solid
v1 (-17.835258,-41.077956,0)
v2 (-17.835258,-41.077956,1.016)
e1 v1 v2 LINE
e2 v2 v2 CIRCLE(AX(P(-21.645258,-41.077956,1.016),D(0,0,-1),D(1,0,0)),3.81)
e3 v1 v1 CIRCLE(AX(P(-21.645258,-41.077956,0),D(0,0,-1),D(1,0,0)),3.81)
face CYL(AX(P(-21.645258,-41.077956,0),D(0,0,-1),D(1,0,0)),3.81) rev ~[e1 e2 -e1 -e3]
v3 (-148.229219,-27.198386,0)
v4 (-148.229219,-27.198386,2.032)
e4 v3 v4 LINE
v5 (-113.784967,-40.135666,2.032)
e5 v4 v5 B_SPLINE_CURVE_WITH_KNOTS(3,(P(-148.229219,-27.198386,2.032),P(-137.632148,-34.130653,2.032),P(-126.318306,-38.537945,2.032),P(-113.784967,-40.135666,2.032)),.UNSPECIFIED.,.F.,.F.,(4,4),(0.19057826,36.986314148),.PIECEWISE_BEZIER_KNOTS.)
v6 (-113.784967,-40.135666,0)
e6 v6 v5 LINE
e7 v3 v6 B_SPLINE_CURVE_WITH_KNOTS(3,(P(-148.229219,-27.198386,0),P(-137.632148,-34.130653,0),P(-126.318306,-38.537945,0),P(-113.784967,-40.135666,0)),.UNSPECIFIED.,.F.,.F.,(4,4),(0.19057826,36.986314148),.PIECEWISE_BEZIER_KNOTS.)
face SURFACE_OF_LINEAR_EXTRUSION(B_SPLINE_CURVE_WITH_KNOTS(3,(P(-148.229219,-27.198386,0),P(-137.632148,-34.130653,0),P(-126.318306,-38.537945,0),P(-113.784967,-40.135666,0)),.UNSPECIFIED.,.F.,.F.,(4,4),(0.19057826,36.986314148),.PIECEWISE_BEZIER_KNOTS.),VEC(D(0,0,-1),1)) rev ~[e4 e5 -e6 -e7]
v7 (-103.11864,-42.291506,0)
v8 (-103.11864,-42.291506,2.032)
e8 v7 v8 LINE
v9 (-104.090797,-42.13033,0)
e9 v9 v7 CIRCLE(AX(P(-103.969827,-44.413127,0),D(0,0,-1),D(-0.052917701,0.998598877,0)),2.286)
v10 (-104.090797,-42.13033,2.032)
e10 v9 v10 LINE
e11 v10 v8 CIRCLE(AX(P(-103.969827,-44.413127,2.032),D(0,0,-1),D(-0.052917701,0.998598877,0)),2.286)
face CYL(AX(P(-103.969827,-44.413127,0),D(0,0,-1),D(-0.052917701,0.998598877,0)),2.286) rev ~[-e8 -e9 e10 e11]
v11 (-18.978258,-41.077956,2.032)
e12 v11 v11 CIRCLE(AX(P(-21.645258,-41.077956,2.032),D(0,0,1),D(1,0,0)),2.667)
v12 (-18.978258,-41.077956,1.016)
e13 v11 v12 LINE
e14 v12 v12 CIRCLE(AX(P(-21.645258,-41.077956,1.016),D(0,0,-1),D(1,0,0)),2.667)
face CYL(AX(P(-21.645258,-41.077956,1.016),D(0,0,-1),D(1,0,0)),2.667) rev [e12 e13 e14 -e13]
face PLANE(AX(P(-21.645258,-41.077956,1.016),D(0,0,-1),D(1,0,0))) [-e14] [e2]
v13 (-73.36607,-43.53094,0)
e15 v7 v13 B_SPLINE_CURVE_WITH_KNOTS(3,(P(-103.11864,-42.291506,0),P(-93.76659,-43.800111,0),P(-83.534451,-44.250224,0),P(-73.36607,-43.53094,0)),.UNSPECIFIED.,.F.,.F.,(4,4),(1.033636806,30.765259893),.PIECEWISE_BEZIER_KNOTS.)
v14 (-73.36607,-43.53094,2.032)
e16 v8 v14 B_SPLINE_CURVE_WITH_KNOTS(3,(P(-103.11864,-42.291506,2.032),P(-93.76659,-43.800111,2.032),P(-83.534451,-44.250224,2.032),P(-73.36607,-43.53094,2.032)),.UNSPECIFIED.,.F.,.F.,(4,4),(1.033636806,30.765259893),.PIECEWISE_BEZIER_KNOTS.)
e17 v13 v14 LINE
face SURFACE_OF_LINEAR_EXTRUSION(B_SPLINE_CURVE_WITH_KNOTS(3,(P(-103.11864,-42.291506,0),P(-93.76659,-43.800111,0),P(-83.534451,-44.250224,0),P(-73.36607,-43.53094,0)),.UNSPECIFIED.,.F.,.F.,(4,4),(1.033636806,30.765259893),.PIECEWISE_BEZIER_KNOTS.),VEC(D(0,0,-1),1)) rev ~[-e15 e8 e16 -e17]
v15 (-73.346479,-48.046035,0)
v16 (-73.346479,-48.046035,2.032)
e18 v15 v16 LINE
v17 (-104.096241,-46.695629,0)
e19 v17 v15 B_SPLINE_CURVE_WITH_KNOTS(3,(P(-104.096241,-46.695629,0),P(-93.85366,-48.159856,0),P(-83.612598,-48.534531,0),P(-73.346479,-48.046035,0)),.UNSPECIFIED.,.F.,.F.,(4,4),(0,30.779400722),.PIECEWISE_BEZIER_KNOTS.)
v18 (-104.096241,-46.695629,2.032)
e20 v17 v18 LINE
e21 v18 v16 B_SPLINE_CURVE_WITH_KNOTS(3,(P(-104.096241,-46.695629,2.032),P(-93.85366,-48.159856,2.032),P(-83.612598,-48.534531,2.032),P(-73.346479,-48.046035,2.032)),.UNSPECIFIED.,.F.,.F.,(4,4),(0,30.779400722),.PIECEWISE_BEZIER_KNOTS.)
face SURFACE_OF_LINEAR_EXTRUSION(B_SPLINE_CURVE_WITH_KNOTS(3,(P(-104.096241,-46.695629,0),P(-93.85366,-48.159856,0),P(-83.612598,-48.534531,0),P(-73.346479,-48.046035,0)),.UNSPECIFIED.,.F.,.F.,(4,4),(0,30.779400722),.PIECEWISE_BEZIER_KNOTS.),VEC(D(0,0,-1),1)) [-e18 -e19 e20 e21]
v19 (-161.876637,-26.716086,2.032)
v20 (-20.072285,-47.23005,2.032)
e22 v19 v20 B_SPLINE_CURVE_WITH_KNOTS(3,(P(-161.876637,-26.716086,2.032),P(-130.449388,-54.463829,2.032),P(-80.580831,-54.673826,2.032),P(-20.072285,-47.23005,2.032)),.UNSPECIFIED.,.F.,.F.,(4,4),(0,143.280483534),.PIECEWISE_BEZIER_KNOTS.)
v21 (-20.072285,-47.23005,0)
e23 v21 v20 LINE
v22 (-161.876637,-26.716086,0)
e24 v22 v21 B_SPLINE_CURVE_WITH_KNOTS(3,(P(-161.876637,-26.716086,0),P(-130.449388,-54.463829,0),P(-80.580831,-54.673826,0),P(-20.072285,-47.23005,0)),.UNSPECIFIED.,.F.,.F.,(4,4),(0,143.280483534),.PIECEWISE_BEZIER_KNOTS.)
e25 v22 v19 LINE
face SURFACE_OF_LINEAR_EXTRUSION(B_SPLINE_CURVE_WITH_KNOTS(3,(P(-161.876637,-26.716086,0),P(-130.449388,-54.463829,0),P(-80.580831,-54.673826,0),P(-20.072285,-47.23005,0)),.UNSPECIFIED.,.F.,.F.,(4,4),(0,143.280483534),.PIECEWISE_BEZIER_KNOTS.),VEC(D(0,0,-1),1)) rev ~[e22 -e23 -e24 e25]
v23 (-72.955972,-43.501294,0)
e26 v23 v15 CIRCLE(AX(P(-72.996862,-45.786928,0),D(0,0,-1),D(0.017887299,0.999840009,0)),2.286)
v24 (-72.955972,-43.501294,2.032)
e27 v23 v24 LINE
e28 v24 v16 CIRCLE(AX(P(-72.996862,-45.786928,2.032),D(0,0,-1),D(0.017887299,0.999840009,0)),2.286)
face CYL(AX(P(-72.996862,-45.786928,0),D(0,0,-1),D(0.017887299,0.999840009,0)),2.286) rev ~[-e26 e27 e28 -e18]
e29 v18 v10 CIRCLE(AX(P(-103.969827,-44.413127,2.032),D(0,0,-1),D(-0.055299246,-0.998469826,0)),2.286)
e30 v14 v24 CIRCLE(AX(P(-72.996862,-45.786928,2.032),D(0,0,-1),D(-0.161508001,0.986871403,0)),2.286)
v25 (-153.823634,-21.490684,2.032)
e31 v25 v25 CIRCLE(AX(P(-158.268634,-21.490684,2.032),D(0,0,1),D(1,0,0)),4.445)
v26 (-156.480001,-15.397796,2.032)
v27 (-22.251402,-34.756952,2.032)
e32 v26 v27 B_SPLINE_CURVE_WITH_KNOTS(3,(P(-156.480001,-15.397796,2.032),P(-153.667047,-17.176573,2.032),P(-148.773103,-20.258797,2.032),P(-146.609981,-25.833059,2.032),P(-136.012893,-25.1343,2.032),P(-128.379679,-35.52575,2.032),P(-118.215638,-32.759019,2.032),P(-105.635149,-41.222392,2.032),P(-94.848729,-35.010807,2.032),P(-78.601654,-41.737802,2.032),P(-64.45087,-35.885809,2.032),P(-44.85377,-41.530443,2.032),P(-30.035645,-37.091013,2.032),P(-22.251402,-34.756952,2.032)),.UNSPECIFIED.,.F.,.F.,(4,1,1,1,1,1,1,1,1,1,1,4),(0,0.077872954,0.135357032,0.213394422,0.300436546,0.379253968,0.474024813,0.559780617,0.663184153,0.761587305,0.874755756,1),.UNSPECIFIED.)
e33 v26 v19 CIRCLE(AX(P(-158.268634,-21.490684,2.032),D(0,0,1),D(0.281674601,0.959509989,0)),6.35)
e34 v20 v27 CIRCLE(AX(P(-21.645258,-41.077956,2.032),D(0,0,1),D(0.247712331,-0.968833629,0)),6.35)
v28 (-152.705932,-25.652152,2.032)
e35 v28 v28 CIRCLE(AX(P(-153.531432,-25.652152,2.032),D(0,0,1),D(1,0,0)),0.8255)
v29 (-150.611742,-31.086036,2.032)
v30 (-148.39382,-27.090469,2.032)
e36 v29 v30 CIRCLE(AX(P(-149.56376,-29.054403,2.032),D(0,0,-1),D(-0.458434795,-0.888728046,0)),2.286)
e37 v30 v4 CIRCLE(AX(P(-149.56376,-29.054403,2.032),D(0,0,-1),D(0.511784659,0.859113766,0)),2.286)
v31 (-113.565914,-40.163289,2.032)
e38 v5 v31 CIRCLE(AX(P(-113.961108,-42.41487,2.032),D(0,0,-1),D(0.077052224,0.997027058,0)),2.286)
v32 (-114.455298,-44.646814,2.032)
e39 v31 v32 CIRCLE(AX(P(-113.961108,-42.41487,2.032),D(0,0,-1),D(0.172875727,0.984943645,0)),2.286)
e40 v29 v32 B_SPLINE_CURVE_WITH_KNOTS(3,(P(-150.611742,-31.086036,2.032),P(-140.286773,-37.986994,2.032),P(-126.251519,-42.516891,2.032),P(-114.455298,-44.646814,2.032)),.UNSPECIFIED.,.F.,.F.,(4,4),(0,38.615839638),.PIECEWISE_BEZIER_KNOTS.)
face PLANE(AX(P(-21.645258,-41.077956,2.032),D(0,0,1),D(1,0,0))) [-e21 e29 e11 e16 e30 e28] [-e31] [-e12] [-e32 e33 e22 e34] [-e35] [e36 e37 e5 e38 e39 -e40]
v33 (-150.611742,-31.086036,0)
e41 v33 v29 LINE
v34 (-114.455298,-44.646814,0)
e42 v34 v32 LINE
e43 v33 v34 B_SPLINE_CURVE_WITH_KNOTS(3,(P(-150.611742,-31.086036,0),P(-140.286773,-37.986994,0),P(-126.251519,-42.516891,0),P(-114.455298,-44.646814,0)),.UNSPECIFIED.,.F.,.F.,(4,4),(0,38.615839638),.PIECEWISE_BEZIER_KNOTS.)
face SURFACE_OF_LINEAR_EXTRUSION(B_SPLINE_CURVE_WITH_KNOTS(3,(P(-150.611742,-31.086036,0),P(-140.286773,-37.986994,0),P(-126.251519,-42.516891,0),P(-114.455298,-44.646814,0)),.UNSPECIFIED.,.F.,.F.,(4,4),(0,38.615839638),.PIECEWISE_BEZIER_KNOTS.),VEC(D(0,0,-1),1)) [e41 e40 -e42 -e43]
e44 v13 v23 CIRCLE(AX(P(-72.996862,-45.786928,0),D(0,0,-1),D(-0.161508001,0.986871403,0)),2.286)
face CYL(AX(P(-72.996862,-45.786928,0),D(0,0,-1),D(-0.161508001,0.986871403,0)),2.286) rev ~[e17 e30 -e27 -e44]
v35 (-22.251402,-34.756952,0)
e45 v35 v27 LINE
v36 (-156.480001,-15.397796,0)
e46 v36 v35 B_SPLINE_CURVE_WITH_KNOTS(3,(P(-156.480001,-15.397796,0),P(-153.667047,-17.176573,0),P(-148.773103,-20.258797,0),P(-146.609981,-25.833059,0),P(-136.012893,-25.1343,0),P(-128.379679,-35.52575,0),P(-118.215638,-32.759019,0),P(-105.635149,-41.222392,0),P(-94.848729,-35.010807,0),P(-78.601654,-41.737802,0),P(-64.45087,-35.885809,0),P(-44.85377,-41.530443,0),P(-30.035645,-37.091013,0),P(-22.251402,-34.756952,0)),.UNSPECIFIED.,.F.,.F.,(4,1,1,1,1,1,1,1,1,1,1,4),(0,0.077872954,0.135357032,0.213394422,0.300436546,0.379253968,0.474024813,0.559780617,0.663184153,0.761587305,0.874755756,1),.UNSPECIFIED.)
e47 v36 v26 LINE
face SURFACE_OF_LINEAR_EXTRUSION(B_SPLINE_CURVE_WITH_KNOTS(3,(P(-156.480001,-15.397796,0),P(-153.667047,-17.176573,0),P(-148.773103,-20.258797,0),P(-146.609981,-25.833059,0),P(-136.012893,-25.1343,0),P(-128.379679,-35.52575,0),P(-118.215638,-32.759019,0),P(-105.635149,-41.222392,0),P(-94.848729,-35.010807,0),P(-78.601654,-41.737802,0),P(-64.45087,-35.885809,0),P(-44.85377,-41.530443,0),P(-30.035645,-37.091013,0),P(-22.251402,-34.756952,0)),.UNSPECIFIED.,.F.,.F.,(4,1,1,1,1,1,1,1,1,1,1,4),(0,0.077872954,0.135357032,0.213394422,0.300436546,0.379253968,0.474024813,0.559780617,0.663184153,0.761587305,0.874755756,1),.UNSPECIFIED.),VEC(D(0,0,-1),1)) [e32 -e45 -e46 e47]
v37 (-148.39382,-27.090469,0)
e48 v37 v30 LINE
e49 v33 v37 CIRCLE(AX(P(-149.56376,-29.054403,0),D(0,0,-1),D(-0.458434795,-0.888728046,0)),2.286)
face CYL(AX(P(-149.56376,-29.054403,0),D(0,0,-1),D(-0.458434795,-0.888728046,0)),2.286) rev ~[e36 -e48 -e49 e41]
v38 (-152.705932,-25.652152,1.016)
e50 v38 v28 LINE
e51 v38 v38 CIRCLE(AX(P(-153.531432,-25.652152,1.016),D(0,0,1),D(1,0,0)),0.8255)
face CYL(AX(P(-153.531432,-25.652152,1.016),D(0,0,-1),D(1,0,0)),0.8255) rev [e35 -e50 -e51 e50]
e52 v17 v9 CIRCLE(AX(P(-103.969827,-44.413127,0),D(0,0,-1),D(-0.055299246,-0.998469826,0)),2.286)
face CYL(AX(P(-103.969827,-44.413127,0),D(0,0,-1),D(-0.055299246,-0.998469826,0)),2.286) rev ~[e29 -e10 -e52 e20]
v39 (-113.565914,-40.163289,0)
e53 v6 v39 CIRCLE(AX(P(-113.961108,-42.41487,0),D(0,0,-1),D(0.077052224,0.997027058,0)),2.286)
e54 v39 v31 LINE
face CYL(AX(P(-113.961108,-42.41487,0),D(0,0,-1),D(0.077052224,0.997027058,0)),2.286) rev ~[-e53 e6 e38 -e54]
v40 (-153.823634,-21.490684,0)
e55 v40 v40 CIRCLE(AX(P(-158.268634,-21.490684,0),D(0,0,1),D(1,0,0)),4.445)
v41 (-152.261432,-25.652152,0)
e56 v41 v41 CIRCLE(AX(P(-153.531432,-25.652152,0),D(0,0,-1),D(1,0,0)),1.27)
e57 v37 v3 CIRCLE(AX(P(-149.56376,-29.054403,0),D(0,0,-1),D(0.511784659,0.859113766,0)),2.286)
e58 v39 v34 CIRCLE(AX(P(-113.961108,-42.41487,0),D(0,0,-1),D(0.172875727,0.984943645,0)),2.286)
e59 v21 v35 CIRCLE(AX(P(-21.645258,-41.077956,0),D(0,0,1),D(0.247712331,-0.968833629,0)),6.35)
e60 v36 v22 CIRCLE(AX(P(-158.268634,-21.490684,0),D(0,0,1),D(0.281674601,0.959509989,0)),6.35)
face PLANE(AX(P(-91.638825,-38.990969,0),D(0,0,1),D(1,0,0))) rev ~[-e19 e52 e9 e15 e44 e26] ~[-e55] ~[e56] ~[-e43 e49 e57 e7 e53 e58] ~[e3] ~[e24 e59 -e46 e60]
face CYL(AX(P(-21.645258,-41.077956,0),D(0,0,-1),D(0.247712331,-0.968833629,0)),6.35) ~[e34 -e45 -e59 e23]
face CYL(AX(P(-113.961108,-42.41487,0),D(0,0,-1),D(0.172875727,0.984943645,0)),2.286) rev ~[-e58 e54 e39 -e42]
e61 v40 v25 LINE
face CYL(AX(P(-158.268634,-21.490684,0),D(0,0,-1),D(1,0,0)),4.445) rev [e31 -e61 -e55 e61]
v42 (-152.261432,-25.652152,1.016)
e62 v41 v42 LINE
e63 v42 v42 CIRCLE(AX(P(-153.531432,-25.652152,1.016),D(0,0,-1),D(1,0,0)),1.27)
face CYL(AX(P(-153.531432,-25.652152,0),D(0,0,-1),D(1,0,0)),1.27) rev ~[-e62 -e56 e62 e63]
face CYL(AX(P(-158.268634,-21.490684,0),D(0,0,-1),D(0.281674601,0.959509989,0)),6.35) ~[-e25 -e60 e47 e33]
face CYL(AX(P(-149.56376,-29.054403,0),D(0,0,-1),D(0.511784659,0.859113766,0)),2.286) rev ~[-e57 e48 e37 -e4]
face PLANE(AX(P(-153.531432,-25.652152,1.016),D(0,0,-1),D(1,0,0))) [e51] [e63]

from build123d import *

# Parameters (mm, degrees)
F0_R      = 2.667
F0_R_2    = 4.445
F1_DEPTH  = 2.032
F2_R      = 3.81
F2_R_2    = 2.667
F3_DEPTH  = 1.016
F4_R      = 0.8255
F5_DEPTH  = 25.4
F6_R      = 1.27
F6_R_2    = 0.8255
F7_DEPTH  = 1.016
F8_DEPTH  = 1.016
F9_R      = 1.27
F9_R_2    = 0.8255
F9_R_3    = 3.81
F9_R_4    = 2.667
F10_DEPTH = 1.016


with BuildPart() as f1:
    # F0 (on Top) → F1 (new body)
    with BuildSketch(Plane.XY):
        with BuildLine():
            add(Edge.make_bspline(
                [(-161.8766367465, -26.7160857284), (-130.4493884094, -54.4638294888), (-80.5808308072, -54.6738259655), (-20.0722847609, -47.2300497458)],
                knots=[0, 0, 0, 0, 143.280483534, 143.280483534, 143.280483534, 143.280483534], degree=3))
            ThreePointArc((-20.0722847609, -47.2300497458), (-15.390001915, -39.9851293612), (-22.2514018559, -34.7569523483))
            add(Edge.make_bspline(
                [(-156.4800007469, -15.3977959233), (-153.6670469943, -17.1765727386), (-148.7731033235, -20.2587965776), (-146.6099811998, -25.8330587175), (-136.0128934045, -25.1342998567), (-128.3796792681, -35.5257497726), (-118.2156379975, -32.7590187221), (-105.6351490845, -41.2223918449), (-94.8487286588, -35.010807072), (-78.6016535491, -41.7378023992), (-64.4508698612, -35.8858094626), (-44.8537704329, -41.5304431339), (-30.0356448791, -37.0910134537), (-22.2514018559, -34.7569523483)],
                knots=[0, 0, 0, 0, 0.0778729538, 0.1353570321, 0.2133944217, 0.300436546, 0.3792539685, 0.4740248133, 0.5597806174, 0.6631841528, 0.7615873053, 0.8747557561, 1, 1, 1, 1], degree=3))
            ThreePointArc((-156.4800007469, -15.3977959233), (-164.000427073, -18.7577274432), (-161.8766367465, -26.7160857284))
        make_face()
        with BuildLine():
            ThreePointArc((-148.393819837, -27.0904692349), (-148.310357627, -27.1426555234), (-148.2292193976, -27.1983864569))
            add(Edge.make_bspline(
                [(-148.2292193976, -27.1983864569), (-137.6321480969, -34.1306532721), (-126.3183058185, -38.5379448266), (-113.7849666433, -40.1356662582)],
                knots=[0.1905782604, 0.1905782604, 0.1905782604, 0.1905782604, 36.9863141476, 36.9863141476, 36.9863141476, 36.9863141476], degree=3))
            ThreePointArc((-113.7849666433, -40.1356662582), (-113.6751067023, -40.14683148), (-113.5659141167, -40.1632889417))
            ThreePointArc((-113.5659141167, -40.1632889417), (-111.7187992975, -42.8596706899), (-114.4552984959, -44.646813612))
            add(Edge.make_bspline(
                [(-150.611741506, -31.0860356173), (-140.2867734432, -37.9869937897), (-126.2515187263, -42.5168909132), (-114.4552984959, -44.646813612)],
                knots=[0, 0, 0, 0, 38.6158396383, 38.6158396383, 38.6158396383, 38.6158396383], degree=3))
            ThreePointArc((-150.611741506, -31.0860356173), (-151.5624731778, -27.9449259977), (-148.393819837, -27.0904692349))
        make_face(mode=Mode.SUBTRACT)
        with BuildLine():
            ThreePointArc((-104.0907971602, -42.1303299726), (-103.5959305004, -42.1579114528), (-103.1186399475, -42.2915059031))
            add(Edge.make_bspline(
                [(-103.1186399475, -42.2915059031), (-93.7665900622, -43.8001112121), (-83.5344509582, -44.2502244434), (-73.3660695221, -43.5309403586)],
                knots=[1.0336368061, 1.0336368061, 1.0336368061, 1.0336368061, 30.7652598931, 30.7652598931, 30.7652598931, 30.7652598931], degree=3))
            ThreePointArc((-73.3660695221, -43.5309403586), (-73.161688582, -43.5068783258), (-72.9559718672, -43.5012941239))
            ThreePointArc((-72.9559718672, -43.5012941239), (-70.7192546717, -45.9826317274), (-73.3464785843, -48.0460353787))
            add(Edge.make_bspline(
                [(-104.0962413714, -46.6956290273), (-93.8536599278, -48.1598563492), (-83.6125984788, -48.5345311463), (-73.3464785843, -48.0460353787)],
                knots=[0, 0, 0, 0, 30.7794007215, 30.7794007215, 30.7794007215, 30.7794007215], degree=3))
            ThreePointArc((-104.0962413714, -46.6956290273), (-106.2558256689, -44.4104009059), (-104.0907971602, -42.1303299726))
        make_face(mode=Mode.SUBTRACT)
        with Locations((-21.6452580647, -41.0779562009)):
            Circle(F0_R, mode=Mode.SUBTRACT)
        with Locations((-158.2686344631, -21.490684354)):
            Circle(F0_R_2, mode=Mode.SUBTRACT)
    extrude(amount=F1_DEPTH)

    # F2 (on face) → F3 (cut)
    with BuildSketch(Plane.XY.offset(2.032)):
        with Locations((-21.6452580647, -41.0779562009)):
            Circle(F2_R)
        with Locations((-21.6452580647, -41.0779562009)):
            Circle(F2_R_2, mode=Mode.SUBTRACT)
    extrude(amount=-F3_DEPTH, mode=Mode.SUBTRACT)

    # F4 (on face) → F5 (cut)
    with BuildSketch(Plane.XY.offset(2.032)):
        with Locations((-153.5314321518, -25.6521515548)):
            Circle(F4_R)
    extrude(amount=-F5_DEPTH, mode=Mode.SUBTRACT)

    # F6 (on face) → F7 (cut)
    with BuildSketch(Plane.XY.offset(2.032)):
        with Locations((-153.5314321518, -25.6521515548)):
            Circle(F6_R)
        with Locations((-153.5314321518, -25.6521515548)):
            Circle(F6_R_2, mode=Mode.SUBTRACT)
    extrude(amount=-F7_DEPTH, mode=Mode.SUBTRACT)

    # F8 (add, through all): faces of the model
    f8_faces = [f1.faces().sort_by_distance(p)[0] for p in [
        (-25.3474949913, -41.0779562009, 1.016),
        (-154.7655111273, -25.6521515548, 1.016),
    ]]
    extrude(f8_faces, amount=F8_DEPTH)

    # F9 (on face) → F10 (cut)
    with BuildSketch(Plane(origin=(0, 0, 0), x_dir=(1, 0, 0), z_dir=(0, 0, -1))):
        with Locations((-153.5314321518, 25.6521515548)):
            Circle(F9_R)
        with Locations((-153.5314321518, 25.6521515548)):
            Circle(F9_R_2, mode=Mode.SUBTRACT)
        with Locations((-21.6452580647, 41.0779562009)):
            Circle(F9_R_3)
        with Locations((-21.6452580647, 41.0779562009)):
            Circle(F9_R_4, mode=Mode.SUBTRACT)
    extrude(amount=-F10_DEPTH, mode=Mode.SUBTRACT)


solid = f1.part
